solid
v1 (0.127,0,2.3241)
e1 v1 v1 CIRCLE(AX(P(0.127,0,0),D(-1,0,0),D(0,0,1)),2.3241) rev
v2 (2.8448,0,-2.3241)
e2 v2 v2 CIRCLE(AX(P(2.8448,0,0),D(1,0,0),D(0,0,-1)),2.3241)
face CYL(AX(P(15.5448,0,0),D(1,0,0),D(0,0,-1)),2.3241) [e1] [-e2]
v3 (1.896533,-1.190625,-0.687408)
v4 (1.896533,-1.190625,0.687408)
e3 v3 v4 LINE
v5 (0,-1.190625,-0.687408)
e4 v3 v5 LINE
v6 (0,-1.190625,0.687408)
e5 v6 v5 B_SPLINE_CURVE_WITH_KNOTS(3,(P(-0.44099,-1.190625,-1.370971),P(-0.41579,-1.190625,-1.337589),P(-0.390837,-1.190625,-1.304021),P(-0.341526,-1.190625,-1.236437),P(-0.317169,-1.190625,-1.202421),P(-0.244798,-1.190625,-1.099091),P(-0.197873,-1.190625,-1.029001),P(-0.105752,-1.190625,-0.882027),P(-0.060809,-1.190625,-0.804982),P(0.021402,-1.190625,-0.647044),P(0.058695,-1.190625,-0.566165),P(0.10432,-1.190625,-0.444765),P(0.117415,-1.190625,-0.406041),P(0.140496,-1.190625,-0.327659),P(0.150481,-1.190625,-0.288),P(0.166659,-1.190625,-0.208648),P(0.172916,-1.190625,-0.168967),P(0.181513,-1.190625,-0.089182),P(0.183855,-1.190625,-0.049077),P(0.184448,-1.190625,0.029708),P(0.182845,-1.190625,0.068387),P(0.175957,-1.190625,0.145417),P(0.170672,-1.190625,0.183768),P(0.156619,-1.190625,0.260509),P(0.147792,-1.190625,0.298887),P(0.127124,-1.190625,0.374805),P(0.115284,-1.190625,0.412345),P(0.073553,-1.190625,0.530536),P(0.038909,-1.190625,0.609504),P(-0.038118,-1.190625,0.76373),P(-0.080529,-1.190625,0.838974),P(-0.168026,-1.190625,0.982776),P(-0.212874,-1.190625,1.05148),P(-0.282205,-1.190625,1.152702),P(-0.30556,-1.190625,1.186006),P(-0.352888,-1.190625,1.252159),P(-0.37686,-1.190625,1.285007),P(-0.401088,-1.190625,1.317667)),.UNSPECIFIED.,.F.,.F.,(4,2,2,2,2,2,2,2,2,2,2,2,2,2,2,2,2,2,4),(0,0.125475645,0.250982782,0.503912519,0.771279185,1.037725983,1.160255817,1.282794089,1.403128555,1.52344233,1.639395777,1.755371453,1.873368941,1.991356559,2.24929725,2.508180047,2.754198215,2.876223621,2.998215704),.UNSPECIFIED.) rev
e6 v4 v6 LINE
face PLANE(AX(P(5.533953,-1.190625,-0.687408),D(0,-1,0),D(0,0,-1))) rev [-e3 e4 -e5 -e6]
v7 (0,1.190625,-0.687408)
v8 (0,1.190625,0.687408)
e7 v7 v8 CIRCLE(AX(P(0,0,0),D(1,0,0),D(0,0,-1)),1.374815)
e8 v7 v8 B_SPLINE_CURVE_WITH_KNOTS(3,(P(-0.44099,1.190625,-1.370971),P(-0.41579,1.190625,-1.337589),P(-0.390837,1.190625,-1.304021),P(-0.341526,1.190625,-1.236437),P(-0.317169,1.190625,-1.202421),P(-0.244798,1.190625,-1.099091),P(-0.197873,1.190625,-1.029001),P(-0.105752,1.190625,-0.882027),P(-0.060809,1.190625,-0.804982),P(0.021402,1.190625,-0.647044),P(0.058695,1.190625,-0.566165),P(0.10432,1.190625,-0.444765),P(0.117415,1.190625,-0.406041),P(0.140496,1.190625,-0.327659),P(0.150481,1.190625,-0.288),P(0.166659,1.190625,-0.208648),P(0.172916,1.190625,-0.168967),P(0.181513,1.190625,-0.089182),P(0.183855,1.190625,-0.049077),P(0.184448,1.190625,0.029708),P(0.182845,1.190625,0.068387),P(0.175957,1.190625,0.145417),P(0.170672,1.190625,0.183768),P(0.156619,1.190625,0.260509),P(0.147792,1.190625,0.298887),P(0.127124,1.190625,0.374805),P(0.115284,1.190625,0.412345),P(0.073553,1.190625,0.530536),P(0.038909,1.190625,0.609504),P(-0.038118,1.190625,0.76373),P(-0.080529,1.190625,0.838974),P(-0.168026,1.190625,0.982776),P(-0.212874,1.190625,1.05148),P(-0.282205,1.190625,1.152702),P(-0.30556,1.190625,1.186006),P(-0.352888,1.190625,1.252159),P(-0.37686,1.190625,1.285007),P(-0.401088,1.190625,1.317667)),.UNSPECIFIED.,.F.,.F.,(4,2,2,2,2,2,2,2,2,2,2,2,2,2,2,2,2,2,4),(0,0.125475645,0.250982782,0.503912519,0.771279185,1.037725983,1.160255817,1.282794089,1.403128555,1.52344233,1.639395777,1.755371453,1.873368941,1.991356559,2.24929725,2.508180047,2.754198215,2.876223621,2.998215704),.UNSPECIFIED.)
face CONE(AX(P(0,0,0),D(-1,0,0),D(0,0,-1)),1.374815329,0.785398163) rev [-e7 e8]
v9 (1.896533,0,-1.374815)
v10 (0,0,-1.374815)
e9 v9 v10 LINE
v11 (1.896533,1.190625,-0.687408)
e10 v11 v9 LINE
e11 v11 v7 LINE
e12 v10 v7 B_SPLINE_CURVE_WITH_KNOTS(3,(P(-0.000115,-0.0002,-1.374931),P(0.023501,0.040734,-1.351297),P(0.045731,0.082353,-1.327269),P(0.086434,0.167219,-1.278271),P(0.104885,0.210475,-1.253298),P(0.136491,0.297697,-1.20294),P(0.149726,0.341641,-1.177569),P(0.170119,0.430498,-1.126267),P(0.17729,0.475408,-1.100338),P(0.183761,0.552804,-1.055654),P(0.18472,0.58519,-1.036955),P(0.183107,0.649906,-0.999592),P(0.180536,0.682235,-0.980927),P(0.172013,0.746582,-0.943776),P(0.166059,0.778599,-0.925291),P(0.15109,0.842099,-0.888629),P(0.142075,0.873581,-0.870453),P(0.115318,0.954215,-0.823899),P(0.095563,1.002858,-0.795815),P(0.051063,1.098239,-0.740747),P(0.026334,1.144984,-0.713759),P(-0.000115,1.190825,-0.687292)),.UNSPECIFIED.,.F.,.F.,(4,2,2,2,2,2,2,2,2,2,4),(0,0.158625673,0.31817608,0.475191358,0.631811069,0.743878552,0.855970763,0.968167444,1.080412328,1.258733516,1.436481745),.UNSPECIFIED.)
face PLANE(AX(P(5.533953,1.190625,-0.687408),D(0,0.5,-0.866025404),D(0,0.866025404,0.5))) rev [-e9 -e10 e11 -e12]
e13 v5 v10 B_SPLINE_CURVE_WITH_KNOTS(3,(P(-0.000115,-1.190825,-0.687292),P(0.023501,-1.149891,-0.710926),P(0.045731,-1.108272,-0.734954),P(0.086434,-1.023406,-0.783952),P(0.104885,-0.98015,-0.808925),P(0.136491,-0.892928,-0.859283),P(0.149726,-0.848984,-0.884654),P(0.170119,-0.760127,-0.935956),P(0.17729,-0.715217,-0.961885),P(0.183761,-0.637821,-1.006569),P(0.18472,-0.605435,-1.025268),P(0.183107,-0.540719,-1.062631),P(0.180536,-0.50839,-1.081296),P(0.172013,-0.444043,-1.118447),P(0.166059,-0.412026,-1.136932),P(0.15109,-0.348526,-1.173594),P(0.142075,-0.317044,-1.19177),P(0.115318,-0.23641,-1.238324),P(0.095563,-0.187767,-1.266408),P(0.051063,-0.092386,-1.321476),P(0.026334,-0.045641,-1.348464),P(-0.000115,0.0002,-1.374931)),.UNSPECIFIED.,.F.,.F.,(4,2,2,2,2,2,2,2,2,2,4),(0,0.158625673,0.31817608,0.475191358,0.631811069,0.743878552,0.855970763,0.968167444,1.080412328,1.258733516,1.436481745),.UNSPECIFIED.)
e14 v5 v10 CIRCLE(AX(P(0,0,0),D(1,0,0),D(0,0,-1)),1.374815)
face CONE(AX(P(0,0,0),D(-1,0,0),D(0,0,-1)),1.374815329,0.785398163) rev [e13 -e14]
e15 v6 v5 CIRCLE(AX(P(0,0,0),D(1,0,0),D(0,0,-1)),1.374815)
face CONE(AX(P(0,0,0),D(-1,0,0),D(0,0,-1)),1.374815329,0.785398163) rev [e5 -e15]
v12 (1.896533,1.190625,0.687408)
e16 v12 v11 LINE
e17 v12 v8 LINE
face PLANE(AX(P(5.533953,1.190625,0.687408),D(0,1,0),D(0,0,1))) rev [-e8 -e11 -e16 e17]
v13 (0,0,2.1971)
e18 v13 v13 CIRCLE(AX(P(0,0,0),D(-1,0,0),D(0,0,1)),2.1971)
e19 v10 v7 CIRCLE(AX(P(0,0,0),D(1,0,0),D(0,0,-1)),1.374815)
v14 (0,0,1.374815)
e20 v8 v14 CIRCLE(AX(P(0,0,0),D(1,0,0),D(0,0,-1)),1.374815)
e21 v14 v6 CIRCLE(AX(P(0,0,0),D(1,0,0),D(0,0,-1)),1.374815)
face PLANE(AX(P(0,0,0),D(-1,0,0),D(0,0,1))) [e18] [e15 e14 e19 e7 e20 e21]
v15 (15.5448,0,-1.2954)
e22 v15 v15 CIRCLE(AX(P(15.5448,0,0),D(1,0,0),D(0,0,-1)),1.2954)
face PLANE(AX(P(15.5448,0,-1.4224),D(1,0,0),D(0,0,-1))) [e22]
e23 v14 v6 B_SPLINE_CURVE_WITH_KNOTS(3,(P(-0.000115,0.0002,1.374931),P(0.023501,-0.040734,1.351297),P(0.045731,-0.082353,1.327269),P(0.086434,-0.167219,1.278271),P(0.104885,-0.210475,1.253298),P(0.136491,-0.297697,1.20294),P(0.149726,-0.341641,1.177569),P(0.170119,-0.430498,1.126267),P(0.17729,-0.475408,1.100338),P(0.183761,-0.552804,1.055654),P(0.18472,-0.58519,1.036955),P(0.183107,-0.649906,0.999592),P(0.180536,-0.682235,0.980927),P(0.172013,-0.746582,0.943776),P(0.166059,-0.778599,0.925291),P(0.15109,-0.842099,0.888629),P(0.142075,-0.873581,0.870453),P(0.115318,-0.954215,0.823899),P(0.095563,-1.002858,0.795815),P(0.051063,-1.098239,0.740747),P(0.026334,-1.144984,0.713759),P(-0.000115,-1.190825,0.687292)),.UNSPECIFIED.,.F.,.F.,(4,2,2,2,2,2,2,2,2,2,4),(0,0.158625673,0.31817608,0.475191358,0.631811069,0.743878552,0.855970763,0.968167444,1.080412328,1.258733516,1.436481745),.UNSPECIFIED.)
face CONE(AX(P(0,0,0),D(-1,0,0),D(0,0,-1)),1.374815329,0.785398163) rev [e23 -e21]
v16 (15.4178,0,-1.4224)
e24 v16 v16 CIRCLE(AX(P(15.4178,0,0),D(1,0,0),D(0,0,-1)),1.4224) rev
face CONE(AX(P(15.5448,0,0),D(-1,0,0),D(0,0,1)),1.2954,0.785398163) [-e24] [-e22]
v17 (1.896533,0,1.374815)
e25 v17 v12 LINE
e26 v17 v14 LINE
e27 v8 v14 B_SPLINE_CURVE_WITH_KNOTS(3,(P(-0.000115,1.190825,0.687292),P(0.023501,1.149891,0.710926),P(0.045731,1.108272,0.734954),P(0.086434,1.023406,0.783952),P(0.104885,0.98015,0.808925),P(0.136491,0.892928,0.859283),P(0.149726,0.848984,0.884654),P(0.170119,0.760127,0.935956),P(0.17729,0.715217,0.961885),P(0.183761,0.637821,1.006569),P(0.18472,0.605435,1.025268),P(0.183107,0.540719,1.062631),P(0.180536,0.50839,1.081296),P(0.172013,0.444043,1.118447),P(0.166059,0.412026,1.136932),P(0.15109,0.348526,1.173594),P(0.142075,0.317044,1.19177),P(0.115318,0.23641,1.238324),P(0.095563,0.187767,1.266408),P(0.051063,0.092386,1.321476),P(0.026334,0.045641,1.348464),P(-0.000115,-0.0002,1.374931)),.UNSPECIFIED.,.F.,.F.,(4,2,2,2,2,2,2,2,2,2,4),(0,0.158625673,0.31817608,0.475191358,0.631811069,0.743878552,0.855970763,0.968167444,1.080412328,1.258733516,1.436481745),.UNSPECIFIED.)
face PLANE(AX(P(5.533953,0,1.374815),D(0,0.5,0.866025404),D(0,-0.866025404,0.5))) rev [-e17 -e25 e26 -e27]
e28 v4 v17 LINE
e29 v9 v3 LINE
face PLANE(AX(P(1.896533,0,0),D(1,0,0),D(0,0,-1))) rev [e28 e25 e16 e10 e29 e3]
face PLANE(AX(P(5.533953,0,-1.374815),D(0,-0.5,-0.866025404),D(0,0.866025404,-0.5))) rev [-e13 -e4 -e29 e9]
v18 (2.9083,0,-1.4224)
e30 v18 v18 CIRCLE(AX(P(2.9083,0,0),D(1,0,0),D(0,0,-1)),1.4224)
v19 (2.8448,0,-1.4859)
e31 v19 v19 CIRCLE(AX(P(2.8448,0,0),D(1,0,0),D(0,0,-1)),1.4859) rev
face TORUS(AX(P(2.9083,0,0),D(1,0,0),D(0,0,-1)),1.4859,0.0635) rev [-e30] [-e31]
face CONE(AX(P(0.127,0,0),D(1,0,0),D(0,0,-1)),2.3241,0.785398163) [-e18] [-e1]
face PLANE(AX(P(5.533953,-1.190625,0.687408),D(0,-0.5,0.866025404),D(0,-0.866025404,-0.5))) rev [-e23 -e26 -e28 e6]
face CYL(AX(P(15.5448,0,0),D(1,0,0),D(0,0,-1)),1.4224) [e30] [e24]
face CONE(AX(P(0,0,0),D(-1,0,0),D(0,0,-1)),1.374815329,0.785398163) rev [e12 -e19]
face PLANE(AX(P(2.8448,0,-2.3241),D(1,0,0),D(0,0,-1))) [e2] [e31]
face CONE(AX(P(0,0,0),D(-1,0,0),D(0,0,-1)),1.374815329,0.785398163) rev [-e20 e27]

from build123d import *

# Parameters (mm, degrees)
HEX_START     = -1.896533
HEX_2_DEPTH   = 1.896533
CHAMFER1_SIZE = 0.127
FILLET1_R     = 0.0635


with BuildPart() as part:
    # Sketch1 → Body (revolve)
    with BuildSketch(Plane(origin=(0, 0, 0), x_dir=(1, 0, 0), z_dir=(0, 1, 0))):
        Polygon((0, 0), (0, 2.3241), (2.8448, 2.3241), (2.8448, 1.4224), (15.5448, 1.4224), (15.5448, 0), align=None)
    revolve(axis=Axis((15.5448, 0, 0), (-1, 0, 0)))

    # Sketch2 → Hex 2 (cut)
    with BuildSketch(Plane.ZY.offset(HEX_START)):
        Polygon((-1.374815329, 0), (-0.687407664, -1.190625), (0.687407664, -1.190625), (1.374815329, 0), (0.687407664, 1.190625), (-0.687407664, 1.190625), align=None)
    extrude(amount=HEX_2_DEPTH, mode=Mode.SUBTRACT)

    # Chamfer1
    chamfer1_edges = [part.edges().sort_by_distance(p)[0] for p in [
        (0, 0, 2.3241),
        (15.5448, 0, 1.4224),
    ]]
    chamfer(chamfer1_edges, length=CHAMFER1_SIZE)

    # Fillet1
    fillet1_edges = [part.edges().sort_by_distance(p)[0] for p in [
        (2.8448, 0, 1.4224),
    ]]
    fillet(fillet1_edges, radius=FILLET1_R)

    # Hex Chamfer cone 1 section (through the dimple's axis) → Hex Chamfer (revolve, cut)
    with BuildSketch(Plane.ZX):
        Polygon((0, 0), (1.374815329, 0), (0, 1.374815329), align=None)
    revolve(axis=Axis((0, 0, 0), (1, 0, 0)), mode=Mode.SUBTRACT)


solid = part.part
